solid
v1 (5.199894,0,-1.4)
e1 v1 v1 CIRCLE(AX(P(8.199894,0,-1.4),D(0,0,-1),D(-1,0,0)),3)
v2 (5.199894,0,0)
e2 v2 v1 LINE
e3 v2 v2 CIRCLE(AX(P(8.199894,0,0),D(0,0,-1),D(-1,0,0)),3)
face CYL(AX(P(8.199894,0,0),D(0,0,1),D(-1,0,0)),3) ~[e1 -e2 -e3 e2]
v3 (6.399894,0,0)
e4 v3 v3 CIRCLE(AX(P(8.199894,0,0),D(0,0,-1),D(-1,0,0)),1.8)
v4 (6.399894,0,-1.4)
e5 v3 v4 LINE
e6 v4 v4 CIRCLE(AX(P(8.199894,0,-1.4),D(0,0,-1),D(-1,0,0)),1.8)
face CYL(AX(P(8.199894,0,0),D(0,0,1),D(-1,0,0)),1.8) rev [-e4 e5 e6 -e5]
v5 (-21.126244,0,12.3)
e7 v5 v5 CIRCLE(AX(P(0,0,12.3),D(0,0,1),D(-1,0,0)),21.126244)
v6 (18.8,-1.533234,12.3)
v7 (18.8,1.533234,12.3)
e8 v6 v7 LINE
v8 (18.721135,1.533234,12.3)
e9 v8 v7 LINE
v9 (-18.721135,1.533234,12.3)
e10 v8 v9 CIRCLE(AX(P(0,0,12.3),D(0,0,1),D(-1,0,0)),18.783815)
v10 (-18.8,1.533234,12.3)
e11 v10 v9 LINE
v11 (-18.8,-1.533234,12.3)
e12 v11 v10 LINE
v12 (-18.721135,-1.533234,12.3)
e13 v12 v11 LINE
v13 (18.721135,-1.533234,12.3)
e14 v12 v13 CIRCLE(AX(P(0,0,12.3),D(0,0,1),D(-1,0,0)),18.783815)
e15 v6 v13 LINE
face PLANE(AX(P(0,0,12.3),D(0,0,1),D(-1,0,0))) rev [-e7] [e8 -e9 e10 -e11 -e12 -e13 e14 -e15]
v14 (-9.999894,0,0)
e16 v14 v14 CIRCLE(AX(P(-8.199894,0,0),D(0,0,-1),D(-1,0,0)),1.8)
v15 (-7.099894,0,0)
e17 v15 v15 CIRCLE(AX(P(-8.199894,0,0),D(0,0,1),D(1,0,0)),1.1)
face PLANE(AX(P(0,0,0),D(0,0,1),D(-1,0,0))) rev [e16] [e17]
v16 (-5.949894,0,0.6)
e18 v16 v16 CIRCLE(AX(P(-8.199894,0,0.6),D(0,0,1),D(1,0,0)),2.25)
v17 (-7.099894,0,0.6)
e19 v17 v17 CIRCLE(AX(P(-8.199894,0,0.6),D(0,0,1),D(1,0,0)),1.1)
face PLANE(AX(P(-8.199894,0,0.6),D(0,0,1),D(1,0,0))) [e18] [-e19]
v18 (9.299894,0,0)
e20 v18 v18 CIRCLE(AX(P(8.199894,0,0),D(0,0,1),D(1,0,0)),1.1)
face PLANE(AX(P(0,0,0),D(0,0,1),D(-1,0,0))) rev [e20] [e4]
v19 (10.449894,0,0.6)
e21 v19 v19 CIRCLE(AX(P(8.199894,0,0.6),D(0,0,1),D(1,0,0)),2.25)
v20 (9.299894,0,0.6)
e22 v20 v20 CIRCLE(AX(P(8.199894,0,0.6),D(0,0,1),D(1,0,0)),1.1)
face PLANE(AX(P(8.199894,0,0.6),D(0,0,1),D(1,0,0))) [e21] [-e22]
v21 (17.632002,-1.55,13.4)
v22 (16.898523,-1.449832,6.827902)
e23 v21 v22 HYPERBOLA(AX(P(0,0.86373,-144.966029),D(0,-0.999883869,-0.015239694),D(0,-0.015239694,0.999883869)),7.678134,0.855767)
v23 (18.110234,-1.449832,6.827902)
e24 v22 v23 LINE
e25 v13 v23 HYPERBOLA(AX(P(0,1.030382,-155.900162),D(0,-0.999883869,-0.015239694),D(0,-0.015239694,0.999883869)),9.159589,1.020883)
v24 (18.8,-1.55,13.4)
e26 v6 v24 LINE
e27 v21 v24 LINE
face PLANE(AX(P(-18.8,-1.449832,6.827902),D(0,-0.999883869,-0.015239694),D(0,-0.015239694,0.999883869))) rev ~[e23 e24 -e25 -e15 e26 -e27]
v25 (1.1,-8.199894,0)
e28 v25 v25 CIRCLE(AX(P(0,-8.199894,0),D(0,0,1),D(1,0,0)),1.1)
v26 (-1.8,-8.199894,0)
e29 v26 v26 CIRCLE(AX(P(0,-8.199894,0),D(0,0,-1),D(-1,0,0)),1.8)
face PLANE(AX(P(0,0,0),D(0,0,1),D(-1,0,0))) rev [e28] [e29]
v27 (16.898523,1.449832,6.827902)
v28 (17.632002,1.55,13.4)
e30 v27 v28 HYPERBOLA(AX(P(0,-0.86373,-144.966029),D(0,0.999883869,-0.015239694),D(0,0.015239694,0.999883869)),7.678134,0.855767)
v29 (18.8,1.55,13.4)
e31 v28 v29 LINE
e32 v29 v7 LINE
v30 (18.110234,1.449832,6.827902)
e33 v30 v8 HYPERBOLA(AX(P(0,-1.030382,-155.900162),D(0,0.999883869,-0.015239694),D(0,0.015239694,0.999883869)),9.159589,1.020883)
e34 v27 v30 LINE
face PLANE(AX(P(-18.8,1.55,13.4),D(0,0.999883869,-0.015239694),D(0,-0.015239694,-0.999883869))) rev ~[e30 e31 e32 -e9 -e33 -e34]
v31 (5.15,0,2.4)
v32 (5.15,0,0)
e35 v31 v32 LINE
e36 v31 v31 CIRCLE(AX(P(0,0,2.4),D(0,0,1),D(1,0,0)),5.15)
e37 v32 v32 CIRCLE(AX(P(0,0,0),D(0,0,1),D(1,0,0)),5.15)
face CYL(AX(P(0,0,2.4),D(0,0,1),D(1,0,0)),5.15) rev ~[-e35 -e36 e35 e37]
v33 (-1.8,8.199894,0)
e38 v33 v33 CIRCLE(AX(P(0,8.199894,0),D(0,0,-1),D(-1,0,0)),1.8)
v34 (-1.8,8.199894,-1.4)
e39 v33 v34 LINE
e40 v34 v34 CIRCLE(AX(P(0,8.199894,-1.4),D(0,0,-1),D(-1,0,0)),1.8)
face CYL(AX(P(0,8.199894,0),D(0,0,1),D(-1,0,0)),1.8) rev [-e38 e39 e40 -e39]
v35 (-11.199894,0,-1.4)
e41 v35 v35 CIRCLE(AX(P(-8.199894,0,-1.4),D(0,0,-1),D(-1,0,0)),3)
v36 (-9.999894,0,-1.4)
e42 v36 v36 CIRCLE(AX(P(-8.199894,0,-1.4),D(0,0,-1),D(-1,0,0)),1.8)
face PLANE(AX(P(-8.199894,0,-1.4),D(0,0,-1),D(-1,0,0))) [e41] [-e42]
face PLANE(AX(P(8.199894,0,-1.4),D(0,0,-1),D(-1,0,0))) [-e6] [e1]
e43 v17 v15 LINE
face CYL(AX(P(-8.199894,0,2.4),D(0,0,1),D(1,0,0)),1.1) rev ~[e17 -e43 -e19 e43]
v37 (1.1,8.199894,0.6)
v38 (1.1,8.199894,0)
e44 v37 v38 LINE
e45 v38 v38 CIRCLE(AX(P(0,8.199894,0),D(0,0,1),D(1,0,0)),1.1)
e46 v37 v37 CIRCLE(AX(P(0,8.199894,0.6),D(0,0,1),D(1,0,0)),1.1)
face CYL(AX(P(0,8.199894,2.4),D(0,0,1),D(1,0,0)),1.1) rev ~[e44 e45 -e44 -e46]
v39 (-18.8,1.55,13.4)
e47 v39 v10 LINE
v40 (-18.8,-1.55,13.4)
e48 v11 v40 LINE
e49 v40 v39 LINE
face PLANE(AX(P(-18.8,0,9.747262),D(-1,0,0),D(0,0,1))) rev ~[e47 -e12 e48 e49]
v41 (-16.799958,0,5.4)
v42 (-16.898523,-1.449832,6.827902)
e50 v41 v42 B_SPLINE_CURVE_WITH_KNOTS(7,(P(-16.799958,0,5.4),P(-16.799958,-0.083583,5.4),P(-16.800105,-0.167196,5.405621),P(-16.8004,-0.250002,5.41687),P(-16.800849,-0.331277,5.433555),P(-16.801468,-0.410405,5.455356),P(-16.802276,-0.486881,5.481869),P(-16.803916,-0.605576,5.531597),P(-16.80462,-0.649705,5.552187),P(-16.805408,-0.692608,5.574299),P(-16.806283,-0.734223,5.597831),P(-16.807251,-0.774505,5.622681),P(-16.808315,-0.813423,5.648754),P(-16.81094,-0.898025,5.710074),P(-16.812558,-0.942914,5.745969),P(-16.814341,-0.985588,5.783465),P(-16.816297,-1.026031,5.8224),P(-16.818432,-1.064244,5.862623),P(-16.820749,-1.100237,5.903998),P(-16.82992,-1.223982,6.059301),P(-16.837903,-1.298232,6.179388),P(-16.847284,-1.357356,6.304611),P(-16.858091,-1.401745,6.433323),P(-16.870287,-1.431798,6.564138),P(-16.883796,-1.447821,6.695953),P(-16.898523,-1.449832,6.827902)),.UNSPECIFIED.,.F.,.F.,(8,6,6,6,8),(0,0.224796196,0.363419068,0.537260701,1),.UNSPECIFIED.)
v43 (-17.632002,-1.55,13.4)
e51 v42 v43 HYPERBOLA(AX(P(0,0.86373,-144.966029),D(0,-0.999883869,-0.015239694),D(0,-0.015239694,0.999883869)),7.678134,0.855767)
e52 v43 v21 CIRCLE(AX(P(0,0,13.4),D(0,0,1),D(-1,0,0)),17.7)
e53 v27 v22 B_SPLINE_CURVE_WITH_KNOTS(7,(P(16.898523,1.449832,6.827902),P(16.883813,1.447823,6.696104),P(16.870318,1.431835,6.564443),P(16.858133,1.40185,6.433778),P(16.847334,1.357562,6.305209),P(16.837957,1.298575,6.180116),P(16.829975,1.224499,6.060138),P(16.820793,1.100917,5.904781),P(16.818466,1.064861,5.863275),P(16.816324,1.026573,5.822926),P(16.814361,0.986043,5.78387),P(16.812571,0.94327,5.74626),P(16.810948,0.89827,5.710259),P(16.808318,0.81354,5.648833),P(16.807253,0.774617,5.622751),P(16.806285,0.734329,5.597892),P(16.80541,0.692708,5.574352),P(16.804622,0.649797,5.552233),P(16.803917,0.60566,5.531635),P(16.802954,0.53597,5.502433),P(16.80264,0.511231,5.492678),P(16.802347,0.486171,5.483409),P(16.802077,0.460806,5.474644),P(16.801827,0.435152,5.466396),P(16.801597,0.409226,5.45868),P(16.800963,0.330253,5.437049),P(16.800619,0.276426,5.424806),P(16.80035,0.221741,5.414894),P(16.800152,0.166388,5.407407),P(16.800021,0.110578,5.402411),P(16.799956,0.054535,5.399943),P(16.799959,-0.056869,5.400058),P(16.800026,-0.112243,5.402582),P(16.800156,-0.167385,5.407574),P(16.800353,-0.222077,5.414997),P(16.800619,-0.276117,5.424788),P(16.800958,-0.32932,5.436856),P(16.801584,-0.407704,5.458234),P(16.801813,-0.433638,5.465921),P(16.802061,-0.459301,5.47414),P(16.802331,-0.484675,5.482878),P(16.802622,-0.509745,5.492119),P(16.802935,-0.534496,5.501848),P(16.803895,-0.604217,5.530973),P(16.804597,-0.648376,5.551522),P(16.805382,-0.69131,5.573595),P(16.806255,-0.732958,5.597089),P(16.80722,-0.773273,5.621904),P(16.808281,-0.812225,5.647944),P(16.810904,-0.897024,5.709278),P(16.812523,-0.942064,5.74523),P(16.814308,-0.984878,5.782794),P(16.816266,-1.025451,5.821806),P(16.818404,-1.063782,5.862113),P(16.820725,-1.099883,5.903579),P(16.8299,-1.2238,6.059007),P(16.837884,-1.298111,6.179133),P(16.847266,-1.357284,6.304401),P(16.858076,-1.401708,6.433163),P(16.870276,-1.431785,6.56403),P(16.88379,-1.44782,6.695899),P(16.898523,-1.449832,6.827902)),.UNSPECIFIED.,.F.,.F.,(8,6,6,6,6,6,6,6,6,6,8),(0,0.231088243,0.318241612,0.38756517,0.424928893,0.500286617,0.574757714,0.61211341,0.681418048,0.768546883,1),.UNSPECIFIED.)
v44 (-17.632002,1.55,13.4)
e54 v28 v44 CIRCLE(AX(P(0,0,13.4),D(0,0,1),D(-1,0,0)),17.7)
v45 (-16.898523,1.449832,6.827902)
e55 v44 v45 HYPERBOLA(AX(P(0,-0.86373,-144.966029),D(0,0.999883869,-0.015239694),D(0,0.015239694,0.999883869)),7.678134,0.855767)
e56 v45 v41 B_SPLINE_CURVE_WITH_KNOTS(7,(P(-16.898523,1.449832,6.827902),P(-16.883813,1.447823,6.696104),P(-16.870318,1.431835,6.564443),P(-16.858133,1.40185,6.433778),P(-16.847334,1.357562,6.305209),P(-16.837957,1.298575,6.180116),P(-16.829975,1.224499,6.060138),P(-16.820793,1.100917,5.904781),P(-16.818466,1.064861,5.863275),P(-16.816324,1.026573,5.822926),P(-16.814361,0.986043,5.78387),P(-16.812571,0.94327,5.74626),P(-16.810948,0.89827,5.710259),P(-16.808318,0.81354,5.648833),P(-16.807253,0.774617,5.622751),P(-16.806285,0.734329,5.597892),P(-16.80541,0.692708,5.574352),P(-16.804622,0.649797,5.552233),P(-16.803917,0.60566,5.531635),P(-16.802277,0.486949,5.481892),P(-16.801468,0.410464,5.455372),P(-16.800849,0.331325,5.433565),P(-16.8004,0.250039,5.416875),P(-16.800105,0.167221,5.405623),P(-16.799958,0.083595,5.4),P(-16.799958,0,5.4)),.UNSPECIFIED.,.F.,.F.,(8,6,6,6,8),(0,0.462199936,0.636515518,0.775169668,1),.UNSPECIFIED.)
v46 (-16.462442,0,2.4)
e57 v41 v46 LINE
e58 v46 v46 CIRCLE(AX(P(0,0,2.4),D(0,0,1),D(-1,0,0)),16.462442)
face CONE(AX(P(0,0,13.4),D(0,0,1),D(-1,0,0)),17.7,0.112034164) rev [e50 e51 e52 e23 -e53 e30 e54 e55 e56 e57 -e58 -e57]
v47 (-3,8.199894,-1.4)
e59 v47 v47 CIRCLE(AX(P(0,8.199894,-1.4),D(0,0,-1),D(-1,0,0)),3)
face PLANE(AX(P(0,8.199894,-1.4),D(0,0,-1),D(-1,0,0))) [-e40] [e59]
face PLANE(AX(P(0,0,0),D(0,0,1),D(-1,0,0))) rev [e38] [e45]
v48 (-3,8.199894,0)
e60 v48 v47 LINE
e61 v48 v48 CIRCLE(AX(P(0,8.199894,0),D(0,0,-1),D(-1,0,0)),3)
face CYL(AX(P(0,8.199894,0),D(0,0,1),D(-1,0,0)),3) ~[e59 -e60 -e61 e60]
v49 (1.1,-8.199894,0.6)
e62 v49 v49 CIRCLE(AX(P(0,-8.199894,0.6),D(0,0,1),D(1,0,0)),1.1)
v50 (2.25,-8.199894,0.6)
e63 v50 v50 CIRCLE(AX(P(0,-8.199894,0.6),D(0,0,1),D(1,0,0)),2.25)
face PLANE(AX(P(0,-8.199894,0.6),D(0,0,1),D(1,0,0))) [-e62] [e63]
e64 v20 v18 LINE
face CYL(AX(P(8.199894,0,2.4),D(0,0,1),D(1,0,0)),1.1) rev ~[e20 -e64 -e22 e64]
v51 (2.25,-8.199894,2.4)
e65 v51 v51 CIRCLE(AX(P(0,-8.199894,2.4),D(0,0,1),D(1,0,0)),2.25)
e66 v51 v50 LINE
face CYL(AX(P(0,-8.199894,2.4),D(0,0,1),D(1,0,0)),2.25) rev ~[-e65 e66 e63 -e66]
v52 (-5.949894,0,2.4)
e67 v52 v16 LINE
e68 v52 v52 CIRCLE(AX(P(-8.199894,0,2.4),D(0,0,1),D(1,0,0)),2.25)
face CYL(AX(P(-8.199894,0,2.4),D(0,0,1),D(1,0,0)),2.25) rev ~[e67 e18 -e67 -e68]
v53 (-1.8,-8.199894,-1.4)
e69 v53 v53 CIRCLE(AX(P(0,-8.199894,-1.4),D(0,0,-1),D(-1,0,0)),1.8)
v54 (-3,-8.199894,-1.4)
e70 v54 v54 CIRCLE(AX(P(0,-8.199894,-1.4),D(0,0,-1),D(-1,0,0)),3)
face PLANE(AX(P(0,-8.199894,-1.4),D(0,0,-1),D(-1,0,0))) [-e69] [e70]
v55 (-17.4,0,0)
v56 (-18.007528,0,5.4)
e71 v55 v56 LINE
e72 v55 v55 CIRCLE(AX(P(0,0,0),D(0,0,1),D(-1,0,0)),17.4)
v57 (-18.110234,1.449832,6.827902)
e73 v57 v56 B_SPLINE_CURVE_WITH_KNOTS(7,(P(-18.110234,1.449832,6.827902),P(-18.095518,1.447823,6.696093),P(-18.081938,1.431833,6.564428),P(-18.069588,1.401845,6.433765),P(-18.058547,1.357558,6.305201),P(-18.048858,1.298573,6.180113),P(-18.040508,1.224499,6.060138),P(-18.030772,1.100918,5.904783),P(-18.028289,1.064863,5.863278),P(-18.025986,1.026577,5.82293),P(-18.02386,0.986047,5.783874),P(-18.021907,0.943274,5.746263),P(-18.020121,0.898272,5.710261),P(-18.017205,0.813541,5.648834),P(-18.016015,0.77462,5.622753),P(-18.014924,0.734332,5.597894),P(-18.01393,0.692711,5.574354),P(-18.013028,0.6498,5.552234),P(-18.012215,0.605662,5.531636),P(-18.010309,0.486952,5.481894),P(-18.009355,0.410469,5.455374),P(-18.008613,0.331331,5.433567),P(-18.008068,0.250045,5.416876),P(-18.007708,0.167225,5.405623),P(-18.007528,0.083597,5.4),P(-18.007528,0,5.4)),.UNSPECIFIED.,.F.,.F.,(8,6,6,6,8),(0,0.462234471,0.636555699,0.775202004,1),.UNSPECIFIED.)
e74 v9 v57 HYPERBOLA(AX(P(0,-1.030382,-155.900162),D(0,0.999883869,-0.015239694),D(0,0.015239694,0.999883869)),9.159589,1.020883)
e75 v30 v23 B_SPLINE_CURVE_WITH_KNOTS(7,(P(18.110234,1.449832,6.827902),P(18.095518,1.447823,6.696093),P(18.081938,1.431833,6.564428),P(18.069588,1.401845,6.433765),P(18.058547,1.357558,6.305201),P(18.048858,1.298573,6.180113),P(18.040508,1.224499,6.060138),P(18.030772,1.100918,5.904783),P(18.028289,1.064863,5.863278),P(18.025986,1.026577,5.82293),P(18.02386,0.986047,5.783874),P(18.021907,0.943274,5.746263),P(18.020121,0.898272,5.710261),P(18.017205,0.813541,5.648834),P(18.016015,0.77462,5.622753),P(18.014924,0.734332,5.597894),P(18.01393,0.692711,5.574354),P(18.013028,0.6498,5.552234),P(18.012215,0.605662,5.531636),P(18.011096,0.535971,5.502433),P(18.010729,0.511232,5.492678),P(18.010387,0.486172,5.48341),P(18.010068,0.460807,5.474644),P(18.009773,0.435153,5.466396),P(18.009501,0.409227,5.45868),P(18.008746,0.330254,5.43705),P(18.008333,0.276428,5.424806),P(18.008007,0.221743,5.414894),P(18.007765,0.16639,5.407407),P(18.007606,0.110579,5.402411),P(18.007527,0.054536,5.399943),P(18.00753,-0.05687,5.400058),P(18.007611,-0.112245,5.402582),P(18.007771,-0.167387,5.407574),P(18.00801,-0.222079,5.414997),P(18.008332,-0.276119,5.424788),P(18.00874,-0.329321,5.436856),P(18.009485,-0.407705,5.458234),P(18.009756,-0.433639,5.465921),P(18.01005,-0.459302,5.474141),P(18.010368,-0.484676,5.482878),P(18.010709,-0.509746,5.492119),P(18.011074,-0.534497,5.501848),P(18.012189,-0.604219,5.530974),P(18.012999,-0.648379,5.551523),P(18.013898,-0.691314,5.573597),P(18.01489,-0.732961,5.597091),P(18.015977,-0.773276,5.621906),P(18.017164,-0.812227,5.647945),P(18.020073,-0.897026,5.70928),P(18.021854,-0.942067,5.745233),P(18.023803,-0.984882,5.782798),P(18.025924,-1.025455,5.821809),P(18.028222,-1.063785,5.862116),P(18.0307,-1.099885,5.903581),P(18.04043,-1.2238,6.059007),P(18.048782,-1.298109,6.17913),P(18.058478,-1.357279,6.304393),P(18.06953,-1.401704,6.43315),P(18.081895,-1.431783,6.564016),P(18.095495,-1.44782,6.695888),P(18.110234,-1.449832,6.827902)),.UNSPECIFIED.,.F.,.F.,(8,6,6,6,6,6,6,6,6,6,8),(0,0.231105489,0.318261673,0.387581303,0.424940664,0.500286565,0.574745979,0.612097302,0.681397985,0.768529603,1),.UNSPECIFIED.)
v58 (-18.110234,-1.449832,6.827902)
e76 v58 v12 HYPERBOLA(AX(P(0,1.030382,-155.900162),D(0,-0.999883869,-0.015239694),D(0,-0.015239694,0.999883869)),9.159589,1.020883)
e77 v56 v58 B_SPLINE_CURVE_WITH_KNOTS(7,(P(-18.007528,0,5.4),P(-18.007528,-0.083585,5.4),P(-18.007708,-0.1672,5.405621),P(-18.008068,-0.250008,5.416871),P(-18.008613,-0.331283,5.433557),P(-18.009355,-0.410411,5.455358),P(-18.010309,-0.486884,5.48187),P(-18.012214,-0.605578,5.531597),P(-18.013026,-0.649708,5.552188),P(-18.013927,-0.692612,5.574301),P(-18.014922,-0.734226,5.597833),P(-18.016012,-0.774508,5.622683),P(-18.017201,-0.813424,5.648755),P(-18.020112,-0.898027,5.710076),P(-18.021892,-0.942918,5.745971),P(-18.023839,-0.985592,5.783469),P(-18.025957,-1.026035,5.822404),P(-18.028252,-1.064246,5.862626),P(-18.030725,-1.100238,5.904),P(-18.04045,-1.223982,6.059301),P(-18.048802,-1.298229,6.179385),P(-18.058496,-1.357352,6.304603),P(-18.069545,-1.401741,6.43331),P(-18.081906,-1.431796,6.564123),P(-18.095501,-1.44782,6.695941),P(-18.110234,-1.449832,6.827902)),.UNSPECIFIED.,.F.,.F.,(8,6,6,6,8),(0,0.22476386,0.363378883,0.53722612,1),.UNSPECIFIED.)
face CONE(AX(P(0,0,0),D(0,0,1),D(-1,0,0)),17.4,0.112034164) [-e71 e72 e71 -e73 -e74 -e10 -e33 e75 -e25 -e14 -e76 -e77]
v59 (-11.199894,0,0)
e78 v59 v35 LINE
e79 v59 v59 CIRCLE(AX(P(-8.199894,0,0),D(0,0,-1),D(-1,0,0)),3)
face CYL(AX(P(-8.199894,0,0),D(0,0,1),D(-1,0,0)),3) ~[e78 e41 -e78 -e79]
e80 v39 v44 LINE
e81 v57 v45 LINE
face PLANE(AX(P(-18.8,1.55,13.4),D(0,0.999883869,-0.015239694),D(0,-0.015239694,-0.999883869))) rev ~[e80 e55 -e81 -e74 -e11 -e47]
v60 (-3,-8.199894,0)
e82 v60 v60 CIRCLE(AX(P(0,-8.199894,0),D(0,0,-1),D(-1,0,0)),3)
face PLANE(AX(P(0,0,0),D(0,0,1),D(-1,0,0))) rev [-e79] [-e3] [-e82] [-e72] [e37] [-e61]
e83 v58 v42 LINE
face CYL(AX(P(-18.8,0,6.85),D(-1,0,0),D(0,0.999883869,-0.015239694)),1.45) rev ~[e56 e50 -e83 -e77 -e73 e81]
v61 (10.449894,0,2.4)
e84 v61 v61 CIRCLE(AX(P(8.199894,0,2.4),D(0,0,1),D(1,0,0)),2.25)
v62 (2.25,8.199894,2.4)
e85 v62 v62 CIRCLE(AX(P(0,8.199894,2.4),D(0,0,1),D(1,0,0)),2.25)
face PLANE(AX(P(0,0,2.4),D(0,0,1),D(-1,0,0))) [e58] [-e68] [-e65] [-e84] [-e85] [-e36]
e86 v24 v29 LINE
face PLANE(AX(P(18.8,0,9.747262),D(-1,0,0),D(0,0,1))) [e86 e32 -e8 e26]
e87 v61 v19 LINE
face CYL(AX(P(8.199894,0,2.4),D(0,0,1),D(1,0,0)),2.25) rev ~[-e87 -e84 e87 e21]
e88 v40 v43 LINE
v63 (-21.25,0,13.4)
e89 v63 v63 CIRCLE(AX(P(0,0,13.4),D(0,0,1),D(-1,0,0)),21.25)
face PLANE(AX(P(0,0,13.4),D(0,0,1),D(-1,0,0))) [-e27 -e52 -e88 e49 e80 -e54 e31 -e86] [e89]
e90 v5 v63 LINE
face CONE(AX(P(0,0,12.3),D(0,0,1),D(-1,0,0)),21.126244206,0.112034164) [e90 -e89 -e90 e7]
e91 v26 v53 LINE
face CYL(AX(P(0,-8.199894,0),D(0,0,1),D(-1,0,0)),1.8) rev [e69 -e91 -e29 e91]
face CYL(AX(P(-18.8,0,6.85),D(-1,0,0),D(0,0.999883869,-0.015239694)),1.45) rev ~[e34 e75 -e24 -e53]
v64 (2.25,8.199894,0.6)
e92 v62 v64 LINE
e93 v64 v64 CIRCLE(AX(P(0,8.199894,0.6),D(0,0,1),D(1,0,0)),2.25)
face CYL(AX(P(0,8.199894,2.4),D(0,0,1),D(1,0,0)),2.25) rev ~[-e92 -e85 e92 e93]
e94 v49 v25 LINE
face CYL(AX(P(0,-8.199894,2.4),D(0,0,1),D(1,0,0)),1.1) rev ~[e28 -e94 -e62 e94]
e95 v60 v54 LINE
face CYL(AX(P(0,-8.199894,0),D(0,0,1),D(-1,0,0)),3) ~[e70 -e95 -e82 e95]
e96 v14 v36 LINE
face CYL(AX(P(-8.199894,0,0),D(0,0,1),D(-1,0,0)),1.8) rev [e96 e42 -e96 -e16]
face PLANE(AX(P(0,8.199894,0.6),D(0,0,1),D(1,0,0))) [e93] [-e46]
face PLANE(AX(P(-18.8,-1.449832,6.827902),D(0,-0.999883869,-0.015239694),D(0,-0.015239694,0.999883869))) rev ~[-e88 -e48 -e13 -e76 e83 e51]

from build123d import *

# Parameters (mm, degrees)
ESQUISSE3_R                  = 3
ESQUISSE3_R_2                = 1.8
BOSS_EXTRU_1_DEPTH           = 1.4
ESQUISSE6_R                  = 2.25
ENL_V_MAT_EXTRU_2_DEPTH      = 1.8
ESQUISSE4_R                  = 5.15
ESQUISSE4_R_2                = 1.1
ENL_V_MAT_EXTRU_1_DEPTH      = 33.001953065
ENL_V_MAT_EXTRU_3_DEPTH      = 18.8
ENL_V_MAT_EXTRU_3_DEPTH_BACK = 18.8


with BuildPart() as part:
    # Esquisse2 → Révolution1 (revolve)
    with BuildSketch(Plane(origin=(0, 0, 0), x_dir=(0, 0, -1), z_dir=(1, 0, 0))):
        Polygon((0, 0), (0, 17.4), (-12.3, 18.783814786), (-12.3, 21.126244206), (-13.4, 21.25), (-13.4, 17.7), (-2.4, 16.462442061), (-2.4, 0), align=None)
    revolve(axis=Axis((0, 0, 0), (0, 0, 1)))

    # Esquisse3 → Boss.-Extru.1 (add)
    # profile 1 of 4: a face of its own
    with BuildSketch(Plane(origin=(0, 0, 0), x_dir=(-1, 0, 0), z_dir=(0, 0, -1))):
        with Locations((0, -8.199894223)):
            Circle(ESQUISSE3_R)
        with Locations((0, -8.199894223)):
            Circle(ESQUISSE3_R_2, mode=Mode.SUBTRACT)
    # profile 2 of 4: a face of its own
    with BuildSketch(Plane(origin=(0, 0, 0), x_dir=(-1, 0, 0), z_dir=(0, 0, -1))):
        with Locations((-8.199894223, 0)):
            Circle(ESQUISSE3_R)
        with Locations((-8.199894223, 0)):
            Circle(ESQUISSE3_R_2, mode=Mode.SUBTRACT)
    # profile 3 of 4: a face of its own
    with BuildSketch(Plane(origin=(0, 0, 0), x_dir=(-1, 0, 0), z_dir=(0, 0, -1))):
        with Locations((0, 8.199894223)):
            Circle(ESQUISSE3_R)
        with Locations((0, 8.199894223)):
            Circle(ESQUISSE3_R_2, mode=Mode.SUBTRACT)
    # profile 4 of 4: a face of its own
    with BuildSketch(Plane(origin=(0, 0, 0), x_dir=(-1, 0, 0), z_dir=(0, 0, -1))):
        with Locations((8.199894223, 0)):
            Circle(ESQUISSE3_R)
        with Locations((8.199894223, 0)):
            Circle(ESQUISSE3_R_2, mode=Mode.SUBTRACT)
    extrude(amount=BOSS_EXTRU_1_DEPTH)

    # Esquisse6 → Enlèv. mat.-Extru.2 (cut)
    with BuildSketch(Plane.XY.offset(2.4)):
        with Locations((0, 8.199894223)):
            Circle(ESQUISSE6_R)
        with Locations((8.199894223, 0)):
            Circle(ESQUISSE6_R)
        with Locations((0, -8.199894223)):
            Circle(ESQUISSE6_R)
        with Locations((-8.199894223, 0)):
            Circle(ESQUISSE6_R)
    extrude(amount=-ENL_V_MAT_EXTRU_2_DEPTH, mode=Mode.SUBTRACT)

    # Esquisse4 → Enlèv. mat.-Extru.1 (cut, through all)
    with BuildSketch(Plane.XY.offset(2.4)):
        Circle(ESQUISSE4_R)
        with Locations((0, 8.199894223)):
            Circle(ESQUISSE4_R_2)
        with Locations((8.199894223, 0)):
            Circle(ESQUISSE4_R_2)
        with Locations((0, -8.199894223)):
            Circle(ESQUISSE4_R_2)
        with Locations((-8.199894223, 0)):
            Circle(ESQUISSE4_R_2)
    extrude(amount=-ENL_V_MAT_EXTRU_1_DEPTH, mode=Mode.SUBTRACT)

    # Esquisse7 → Enlèv. mat.-Extru.3 (cut, two sides: drawn at the far end of the back side and taken through both)
    with BuildSketch(Plane(origin=(0, 0, 0), x_dir=(0, 0, -1), z_dir=(1, 0, 0)).offset(-ENL_V_MAT_EXTRU_3_DEPTH_BACK)):
        with BuildLine():
            Line((-13.4, 1.55), (-6.827902443, 1.44983161))
            ThreePointArc((-6.827902443, 1.44983161), (-5.4, 0), (-6.827902443, -1.44983161))
            Line((-6.827902443, -1.44983161), (-13.4, -1.55))
            Line((-13.4, -1.55), (-13.4, 1.55))
        make_face()
    extrude(amount=ENL_V_MAT_EXTRU_3_DEPTH + ENL_V_MAT_EXTRU_3_DEPTH_BACK, mode=Mode.SUBTRACT)


solid = part.part
